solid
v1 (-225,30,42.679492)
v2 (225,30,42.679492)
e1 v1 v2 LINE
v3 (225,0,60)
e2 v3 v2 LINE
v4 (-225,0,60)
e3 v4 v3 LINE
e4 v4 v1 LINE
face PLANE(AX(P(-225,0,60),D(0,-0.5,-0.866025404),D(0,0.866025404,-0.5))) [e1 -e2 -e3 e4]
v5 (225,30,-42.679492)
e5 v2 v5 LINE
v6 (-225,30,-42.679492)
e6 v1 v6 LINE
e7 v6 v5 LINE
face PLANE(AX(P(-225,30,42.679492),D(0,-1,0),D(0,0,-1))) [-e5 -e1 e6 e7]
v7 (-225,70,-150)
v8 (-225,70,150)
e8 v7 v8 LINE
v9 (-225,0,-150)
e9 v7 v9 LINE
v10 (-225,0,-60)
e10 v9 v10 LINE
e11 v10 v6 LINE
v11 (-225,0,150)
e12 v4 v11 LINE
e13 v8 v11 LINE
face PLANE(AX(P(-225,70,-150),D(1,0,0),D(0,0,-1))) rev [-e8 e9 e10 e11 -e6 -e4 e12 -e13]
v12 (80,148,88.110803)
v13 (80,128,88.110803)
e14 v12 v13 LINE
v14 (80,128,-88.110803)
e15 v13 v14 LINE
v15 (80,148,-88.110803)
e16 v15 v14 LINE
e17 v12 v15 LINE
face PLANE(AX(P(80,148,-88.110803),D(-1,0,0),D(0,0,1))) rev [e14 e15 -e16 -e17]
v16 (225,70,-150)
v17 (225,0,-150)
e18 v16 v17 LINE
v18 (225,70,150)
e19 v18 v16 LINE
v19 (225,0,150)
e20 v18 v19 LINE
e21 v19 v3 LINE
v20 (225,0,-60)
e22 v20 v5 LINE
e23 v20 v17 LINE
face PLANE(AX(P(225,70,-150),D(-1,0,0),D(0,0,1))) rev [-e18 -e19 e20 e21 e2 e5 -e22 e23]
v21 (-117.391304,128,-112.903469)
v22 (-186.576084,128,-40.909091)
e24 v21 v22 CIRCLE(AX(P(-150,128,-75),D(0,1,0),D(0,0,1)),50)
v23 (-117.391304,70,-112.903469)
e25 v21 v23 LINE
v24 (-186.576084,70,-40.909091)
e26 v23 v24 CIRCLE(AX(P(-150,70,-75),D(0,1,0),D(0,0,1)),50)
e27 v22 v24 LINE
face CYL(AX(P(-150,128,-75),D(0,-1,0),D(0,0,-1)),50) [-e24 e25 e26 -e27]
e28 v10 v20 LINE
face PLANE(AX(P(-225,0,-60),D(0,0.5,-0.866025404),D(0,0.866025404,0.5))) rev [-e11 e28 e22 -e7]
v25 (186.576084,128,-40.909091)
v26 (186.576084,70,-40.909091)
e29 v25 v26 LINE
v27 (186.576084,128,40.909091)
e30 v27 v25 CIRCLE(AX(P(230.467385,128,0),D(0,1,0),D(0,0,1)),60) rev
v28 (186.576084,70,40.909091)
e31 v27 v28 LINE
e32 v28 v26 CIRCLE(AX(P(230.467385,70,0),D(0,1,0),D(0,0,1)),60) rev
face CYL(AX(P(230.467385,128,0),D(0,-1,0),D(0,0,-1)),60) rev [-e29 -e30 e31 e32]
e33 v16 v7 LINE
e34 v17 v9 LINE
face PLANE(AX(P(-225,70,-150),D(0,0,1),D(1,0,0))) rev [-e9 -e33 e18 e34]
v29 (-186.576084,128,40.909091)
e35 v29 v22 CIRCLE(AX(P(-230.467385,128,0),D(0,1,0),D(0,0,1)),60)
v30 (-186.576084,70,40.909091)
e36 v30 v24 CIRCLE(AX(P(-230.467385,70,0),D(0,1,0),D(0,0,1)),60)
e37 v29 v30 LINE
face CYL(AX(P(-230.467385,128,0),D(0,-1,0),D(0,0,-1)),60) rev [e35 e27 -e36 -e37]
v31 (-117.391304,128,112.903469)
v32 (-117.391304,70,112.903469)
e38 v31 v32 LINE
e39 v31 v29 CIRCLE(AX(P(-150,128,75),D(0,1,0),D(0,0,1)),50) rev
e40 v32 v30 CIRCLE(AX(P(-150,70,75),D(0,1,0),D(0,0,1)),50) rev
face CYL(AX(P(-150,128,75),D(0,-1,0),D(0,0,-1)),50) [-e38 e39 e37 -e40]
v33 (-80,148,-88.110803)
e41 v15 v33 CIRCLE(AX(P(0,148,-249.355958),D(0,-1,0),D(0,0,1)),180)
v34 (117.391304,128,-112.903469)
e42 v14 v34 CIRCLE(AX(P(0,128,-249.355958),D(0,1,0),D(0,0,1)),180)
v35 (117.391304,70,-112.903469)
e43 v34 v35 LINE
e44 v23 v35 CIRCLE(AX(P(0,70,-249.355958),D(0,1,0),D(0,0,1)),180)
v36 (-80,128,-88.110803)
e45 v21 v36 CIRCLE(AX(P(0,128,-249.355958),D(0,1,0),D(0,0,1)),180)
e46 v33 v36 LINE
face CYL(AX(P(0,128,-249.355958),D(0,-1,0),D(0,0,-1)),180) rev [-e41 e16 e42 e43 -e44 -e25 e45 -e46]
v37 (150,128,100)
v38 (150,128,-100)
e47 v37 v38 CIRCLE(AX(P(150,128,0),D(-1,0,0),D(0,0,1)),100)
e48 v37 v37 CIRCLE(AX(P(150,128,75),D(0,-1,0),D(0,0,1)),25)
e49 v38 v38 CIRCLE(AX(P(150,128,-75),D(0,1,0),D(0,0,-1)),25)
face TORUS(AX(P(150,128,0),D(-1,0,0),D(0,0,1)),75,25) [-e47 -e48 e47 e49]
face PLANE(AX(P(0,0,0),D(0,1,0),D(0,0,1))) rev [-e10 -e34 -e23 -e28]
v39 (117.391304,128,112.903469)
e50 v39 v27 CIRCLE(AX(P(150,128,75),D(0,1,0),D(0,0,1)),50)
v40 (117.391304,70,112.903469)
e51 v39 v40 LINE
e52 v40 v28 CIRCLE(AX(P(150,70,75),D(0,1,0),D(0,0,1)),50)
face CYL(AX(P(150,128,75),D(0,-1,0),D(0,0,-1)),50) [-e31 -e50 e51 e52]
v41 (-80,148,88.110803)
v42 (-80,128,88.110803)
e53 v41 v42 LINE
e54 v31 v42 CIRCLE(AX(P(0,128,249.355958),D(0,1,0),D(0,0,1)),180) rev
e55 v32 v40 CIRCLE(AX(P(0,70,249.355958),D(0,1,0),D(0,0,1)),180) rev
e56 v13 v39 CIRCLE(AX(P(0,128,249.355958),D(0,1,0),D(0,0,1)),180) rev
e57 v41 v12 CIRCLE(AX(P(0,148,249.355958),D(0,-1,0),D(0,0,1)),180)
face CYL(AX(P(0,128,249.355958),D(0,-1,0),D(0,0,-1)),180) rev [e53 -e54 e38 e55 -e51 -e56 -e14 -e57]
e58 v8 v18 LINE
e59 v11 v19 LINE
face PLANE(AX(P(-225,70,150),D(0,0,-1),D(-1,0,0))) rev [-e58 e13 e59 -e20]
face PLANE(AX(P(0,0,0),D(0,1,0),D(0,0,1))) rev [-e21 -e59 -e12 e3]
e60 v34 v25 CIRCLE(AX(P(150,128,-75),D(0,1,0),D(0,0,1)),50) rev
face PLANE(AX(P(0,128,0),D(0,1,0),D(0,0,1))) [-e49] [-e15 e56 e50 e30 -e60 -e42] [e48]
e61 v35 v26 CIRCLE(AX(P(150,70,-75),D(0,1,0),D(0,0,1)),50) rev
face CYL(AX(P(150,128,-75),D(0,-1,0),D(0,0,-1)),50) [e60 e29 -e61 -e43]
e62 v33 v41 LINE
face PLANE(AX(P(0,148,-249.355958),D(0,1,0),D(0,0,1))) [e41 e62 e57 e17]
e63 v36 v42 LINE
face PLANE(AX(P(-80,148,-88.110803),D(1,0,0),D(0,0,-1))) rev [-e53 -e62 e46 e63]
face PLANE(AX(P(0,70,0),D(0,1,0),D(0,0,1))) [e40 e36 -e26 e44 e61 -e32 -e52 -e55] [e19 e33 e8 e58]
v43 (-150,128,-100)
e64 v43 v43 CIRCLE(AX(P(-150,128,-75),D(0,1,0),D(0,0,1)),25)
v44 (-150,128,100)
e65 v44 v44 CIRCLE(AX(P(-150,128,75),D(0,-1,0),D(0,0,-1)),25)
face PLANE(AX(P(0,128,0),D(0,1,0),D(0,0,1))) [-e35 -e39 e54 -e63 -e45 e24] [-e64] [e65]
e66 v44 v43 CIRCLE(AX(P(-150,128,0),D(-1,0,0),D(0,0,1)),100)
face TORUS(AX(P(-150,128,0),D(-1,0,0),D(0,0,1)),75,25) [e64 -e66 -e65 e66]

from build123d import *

# Parameters (mm, degrees)
SKETCH1_W           = 450
SKETCH1_H           = 300
BOSS_EXTRUDE1_DEPTH = 70
CUT_EXTRUDE1_DEPTH  = 451
SKETCH3_R           = 25
BOSS_EXTRUDE2_DEPTH = 58
BOSS_EXTRUDE3_DEPTH = 20
SKETCH5_R           = 25
REVOLVE1_ANGLE      = 180


with BuildPart() as part:
    # Sketch1 → Boss-Extrude1 (new body)
    with BuildSketch(Plane(origin=(0, 0, 0), x_dir=(1, 0, 0), z_dir=(0, 1, 0))):
        Rectangle(SKETCH1_W, SKETCH1_H)
    extrude(amount=BOSS_EXTRUDE1_DEPTH)

    # Sketch2 → Cut-Extrude1 (cut, through all)
    with BuildSketch(Plane(origin=(225, 0, 0), x_dir=(0, 0, -1), z_dir=(1, 0, 0))):
        Polygon((-60, 0), (-42.679491924, 30), (42.679491924, 30), (60, 0), align=None)
    extrude(amount=-CUT_EXTRUDE1_DEPTH, mode=Mode.SUBTRACT)

    # Sketch3 → Boss-Extrude2 (add)
    with BuildSketch(Plane(origin=(0, 70, 0), x_dir=(1, 0, 0), z_dir=(0, 1, 0))):
        with BuildLine():
            Line((-80, -88.110802776), (-80, 88.110802776))
            ThreePointArc((-80, 88.110802776), (-99.471105521, 99.337628307), (-117.391304348, 112.903469074))
            ThreePointArc((-117.391304348, 112.903469074), (-186.051805285, 109.644874595), (-186.576083953, 40.909090909))
            ThreePointArc((-186.576083953, 40.909090909), (-170.467384697, 0), (-186.576083953, -40.909090909))
            ThreePointArc((-186.576083953, -40.909090909), (-186.051805285, -109.644874595), (-117.391304348, -112.903469074))
            ThreePointArc((-117.391304348, -112.903469074), (-99.471105521, -99.337628307), (-80, -88.110802776))
        make_face()
        with Locations((-150, -75)):
            Circle(SKETCH3_R, mode=Mode.SUBTRACT)
        with Locations((-150, 75)):
            Circle(SKETCH3_R, mode=Mode.SUBTRACT)
        with BuildLine():
            ThreePointArc((80, 88.110802776), (0, 69.355957742), (-80, 88.110802776))
            Line((-80, 88.110802776), (-80, -88.110802776))
            ThreePointArc((-80, -88.110802776), (0, -69.355957742), (80, -88.110802776))
            Line((80, -88.110802776), (80, 88.110802776))
        make_face()
        with BuildLine():
            ThreePointArc((117.391304348, 112.903469074), (99.471105521, 99.337628307), (80, 88.110802776))
            Line((80, 88.110802776), (80, -88.110802776))
            ThreePointArc((80, -88.110802776), (99.471105521, -99.337628307), (117.391304348, -112.903469074))
            ThreePointArc((117.391304348, -112.903469074), (186.051805285, -109.644874595), (186.576083953, -40.909090909))
            ThreePointArc((186.576083953, -40.909090909), (170.467384697, 0), (186.576083953, 40.909090909))
            ThreePointArc((186.576083953, 40.909090909), (186.051805285, 109.644874595), (117.391304348, 112.903469074))
        make_face()
        with Locations((150, -75)):
            Circle(SKETCH3_R, mode=Mode.SUBTRACT)
        with Locations((150, 75)):
            Circle(SKETCH3_R, mode=Mode.SUBTRACT)
        with Locations((-150, 75)):
            Circle(SKETCH3_R)
        with Locations((-150, -75)):
            Circle(SKETCH3_R)
        with Locations((150, -75)):
            Circle(SKETCH3_R)
        with Locations((150, 75)):
            Circle(SKETCH3_R)
    extrude(amount=BOSS_EXTRUDE2_DEPTH)

    # Sketch4 → Boss-Extrude3 (add)
    with BuildSketch(Plane(origin=(0, 128, 0), x_dir=(1, 0, 0), z_dir=(0, 1, 0))):
        with BuildLine():
            Line((-80, 88.110802776), (-80, -88.110802776))
            ThreePointArc((-80, -88.110802776), (0, -69.355957742), (80, -88.110802776))
            Line((80, -88.110802776), (80, 88.110802776))
            ThreePointArc((80, 88.110802776), (0, 69.355957742), (-80, 88.110802776))
        make_face()
    extrude(amount=BOSS_EXTRUDE3_DEPTH)

    # Sketch5 → Revolve1 (revolve)
    with BuildSketch(Plane(origin=(0, 128, 0), x_dir=(1, 0, 0), z_dir=(0, 1, 0))):
        with Locations((-150, 75)):
            Circle(SKETCH5_R)
        with Locations((150, 75)):
            Circle(SKETCH5_R)
    revolve(axis=Axis((-226.209198956, 128, 0), (1, 0, 0)), revolution_arc=REVOLVE1_ANGLE)


solid = part.part
